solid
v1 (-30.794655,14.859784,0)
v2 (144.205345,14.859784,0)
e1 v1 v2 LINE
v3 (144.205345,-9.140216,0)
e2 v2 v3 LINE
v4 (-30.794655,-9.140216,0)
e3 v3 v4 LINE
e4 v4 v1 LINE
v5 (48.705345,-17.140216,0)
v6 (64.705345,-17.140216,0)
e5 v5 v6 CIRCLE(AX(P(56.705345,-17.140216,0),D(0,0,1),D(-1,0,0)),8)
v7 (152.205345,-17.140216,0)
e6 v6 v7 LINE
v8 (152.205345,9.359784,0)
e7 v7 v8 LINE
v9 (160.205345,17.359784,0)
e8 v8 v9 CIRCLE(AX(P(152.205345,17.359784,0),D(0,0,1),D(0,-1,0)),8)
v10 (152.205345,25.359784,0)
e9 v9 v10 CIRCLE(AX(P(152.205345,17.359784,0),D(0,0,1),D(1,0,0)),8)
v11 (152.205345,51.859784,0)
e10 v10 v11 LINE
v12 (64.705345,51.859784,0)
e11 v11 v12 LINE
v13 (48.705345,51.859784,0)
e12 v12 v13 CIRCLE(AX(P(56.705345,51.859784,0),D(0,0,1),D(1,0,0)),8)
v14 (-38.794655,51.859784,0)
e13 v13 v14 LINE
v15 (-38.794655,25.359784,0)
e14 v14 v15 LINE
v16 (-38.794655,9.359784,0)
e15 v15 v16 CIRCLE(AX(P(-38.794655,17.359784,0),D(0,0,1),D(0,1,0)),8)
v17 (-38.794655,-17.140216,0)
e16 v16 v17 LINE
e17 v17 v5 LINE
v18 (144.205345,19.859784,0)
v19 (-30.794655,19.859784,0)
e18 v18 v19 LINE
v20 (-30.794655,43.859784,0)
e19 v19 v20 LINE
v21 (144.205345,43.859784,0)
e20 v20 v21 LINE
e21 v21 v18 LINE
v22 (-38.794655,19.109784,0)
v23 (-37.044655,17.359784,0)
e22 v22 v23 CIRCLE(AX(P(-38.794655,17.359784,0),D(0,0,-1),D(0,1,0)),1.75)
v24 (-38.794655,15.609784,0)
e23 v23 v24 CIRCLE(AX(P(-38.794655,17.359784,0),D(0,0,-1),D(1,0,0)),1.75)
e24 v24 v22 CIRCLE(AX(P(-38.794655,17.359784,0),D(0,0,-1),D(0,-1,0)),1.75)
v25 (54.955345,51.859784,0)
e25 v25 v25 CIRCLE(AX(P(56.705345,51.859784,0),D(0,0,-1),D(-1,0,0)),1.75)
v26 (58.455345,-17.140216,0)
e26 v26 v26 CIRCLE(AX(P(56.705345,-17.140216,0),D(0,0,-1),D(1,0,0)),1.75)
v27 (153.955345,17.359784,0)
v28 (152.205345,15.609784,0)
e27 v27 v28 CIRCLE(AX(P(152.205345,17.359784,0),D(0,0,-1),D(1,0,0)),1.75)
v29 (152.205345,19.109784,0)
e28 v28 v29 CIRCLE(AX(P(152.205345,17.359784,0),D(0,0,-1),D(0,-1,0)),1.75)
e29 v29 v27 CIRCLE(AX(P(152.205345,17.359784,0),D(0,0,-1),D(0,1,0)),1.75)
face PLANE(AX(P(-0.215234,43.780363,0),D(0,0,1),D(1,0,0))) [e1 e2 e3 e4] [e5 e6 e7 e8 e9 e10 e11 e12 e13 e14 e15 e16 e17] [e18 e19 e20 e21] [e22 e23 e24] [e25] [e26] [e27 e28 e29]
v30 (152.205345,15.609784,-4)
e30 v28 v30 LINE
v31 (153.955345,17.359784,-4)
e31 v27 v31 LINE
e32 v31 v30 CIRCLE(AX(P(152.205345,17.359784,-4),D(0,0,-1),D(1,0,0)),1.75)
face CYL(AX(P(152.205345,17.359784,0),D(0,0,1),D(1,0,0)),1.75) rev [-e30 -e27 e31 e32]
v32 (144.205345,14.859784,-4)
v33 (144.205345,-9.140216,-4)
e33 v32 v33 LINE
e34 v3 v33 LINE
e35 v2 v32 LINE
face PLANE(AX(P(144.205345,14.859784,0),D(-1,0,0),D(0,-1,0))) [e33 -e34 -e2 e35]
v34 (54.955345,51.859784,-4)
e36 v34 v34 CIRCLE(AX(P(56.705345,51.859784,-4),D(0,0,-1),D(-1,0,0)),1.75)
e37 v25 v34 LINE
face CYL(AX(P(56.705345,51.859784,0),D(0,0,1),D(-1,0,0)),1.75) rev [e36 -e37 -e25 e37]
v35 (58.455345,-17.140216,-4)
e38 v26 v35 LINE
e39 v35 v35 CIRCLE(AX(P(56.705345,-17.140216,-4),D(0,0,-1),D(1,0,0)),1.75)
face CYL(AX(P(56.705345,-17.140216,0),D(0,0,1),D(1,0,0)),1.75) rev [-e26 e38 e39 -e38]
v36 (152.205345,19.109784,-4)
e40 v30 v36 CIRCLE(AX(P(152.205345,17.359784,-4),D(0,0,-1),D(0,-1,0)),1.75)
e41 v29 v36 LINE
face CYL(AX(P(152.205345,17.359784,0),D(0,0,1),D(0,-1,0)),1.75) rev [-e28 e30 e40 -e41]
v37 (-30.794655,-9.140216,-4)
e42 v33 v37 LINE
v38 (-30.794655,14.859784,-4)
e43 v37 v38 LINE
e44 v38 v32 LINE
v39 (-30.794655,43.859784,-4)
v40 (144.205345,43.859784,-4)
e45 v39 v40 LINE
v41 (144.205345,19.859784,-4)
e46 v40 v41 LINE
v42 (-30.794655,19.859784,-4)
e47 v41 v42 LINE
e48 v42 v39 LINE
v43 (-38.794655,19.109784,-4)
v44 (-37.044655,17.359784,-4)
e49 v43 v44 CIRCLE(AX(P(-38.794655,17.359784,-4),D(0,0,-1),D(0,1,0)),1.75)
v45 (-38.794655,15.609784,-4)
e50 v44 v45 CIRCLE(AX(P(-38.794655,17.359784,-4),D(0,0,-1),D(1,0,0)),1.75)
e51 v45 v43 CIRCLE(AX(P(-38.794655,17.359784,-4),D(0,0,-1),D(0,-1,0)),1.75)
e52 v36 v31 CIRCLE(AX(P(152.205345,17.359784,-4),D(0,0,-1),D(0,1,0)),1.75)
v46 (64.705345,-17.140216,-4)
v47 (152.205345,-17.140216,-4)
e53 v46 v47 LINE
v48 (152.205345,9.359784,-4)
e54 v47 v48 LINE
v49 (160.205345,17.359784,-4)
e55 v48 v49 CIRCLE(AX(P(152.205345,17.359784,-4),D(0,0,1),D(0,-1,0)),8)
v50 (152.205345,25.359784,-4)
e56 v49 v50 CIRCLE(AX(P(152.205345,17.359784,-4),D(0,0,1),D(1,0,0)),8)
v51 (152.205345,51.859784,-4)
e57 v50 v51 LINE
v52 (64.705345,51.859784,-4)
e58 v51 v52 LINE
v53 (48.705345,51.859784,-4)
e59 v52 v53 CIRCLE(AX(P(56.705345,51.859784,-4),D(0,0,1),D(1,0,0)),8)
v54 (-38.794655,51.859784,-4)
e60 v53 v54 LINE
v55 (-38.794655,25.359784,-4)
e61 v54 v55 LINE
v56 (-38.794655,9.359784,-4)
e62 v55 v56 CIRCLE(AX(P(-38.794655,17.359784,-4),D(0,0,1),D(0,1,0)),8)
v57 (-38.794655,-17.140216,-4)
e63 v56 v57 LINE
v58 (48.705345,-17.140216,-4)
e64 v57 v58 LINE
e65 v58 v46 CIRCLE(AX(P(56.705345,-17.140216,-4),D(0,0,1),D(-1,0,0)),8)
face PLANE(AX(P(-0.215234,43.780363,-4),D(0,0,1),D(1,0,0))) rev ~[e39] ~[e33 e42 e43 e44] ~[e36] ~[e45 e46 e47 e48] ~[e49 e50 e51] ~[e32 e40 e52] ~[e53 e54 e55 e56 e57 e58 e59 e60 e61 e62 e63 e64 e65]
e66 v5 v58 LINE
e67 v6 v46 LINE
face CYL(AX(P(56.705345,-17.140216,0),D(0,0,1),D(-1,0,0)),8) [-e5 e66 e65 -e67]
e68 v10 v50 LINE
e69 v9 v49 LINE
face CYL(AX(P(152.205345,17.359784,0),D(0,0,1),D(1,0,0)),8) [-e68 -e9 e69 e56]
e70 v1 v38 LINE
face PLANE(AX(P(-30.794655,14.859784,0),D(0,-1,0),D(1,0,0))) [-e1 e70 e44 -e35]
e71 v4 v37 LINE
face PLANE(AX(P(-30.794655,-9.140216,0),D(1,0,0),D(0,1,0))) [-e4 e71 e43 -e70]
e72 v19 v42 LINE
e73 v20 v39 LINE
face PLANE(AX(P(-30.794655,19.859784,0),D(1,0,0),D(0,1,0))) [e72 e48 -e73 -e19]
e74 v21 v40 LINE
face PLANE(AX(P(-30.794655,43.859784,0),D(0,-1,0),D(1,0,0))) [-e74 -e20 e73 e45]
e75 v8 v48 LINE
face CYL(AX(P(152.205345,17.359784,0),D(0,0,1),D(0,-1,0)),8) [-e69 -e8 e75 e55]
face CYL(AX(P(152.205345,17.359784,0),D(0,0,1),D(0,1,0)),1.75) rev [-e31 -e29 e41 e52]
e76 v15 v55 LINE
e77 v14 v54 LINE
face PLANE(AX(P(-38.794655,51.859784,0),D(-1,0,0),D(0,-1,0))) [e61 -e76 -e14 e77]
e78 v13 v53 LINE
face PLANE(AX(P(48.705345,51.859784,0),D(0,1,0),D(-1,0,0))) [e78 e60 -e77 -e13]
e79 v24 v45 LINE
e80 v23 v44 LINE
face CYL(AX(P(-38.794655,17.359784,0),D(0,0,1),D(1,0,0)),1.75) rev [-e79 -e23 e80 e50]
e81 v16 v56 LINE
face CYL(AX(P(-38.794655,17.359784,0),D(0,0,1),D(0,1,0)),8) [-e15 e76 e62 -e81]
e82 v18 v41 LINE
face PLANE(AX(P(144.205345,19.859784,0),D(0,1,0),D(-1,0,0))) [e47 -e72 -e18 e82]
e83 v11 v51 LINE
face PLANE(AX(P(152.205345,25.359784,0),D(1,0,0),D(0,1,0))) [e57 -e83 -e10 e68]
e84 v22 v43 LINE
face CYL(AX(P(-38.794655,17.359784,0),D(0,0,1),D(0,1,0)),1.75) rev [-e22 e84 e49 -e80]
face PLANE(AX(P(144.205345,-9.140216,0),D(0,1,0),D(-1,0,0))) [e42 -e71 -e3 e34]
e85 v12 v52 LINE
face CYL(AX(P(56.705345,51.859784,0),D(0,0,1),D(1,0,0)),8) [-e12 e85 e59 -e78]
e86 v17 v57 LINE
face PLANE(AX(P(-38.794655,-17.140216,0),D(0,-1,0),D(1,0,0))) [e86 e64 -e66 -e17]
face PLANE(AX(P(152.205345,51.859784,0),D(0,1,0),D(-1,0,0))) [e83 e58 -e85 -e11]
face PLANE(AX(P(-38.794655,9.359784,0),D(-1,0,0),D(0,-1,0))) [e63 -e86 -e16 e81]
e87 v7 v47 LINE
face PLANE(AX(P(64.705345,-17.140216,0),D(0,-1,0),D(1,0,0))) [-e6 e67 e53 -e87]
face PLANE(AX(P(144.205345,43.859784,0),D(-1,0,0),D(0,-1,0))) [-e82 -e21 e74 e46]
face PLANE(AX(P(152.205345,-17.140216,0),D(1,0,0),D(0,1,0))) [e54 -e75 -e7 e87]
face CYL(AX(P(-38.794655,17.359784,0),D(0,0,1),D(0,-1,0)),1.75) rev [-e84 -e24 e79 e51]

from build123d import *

# Parameters (mm, degrees)
F1_DEPTH = 4


with BuildPart() as f1:
    # F0 (on Top) → F1 (new body)
    with BuildSketch(Plane.XY):
        with BuildLine():
            Line((-30.794654727, 19.8597841859), (-30.794654727, 43.8597841859))
            Line((-30.794654727, 43.8597841859), (56.705345273, 43.8597841859))
            ThreePointArc((56.705345273, 43.8597841859), (51.0484910235, 46.2029299364), (48.705345273, 51.8597841859))
            Line((48.705345273, 51.8597841859), (-38.794654727, 51.8597841859))
            Line((-38.794654727, 51.8597841859), (-38.794654727, 25.3597841859))
            ThreePointArc((-38.794654727, 25.3597841859), (-33.1378004775, 23.0166384354), (-30.794654727, 17.3597841859))
            Line((-30.794654727, 17.3597841859), (-30.794654727, 19.8597841859))
        make_face()
        with BuildLine():
            ThreePointArc((64.705345273, 51.8597841859), (62.3621995225, 46.2029299364), (56.705345273, 43.8597841859))
            Line((56.705345273, 43.8597841859), (144.205345273, 43.8597841859))
            Line((144.205345273, 43.8597841859), (144.205345273, 19.8597841859))
            Line((144.205345273, 19.8597841859), (144.205345273, 17.3597841859))
            ThreePointArc((144.205345273, 17.3597841859), (146.5484910235, 23.0166384354), (152.205345273, 25.3597841859))
            Line((152.205345273, 25.3597841859), (152.205345273, 51.8597841859))
            Line((152.205345273, 51.8597841859), (64.705345273, 51.8597841859))
        make_face()
        with BuildLine():
            ThreePointArc((48.705345273, 51.8597841859), (51.0484910235, 46.2029299364), (56.705345273, 43.8597841859))
            ThreePointArc((56.705345273, 43.8597841859), (62.3621995225, 46.2029299364), (64.705345273, 51.8597841859))
            Line((64.705345273, 51.8597841859), (58.455345273, 51.8597841859))
            ThreePointArc((58.455345273, 51.8597841859), (56.705345273, 50.1097841859), (54.955345273, 51.8597841859))
            Line((54.955345273, 51.8597841859), (48.705345273, 51.8597841859))
        make_face()
        with BuildLine():
            ThreePointArc((64.705345273, 51.8597841859), (56.705345273, 59.8597841859), (48.705345273, 51.8597841859))
            Line((48.705345273, 51.8597841859), (54.955345273, 51.8597841859))
            ThreePointArc((54.955345273, 51.8597841859), (56.705345273, 53.6097841859), (58.455345273, 51.8597841859))
            Line((58.455345273, 51.8597841859), (64.705345273, 51.8597841859))
        make_face()
        with BuildLine():
            ThreePointArc((-38.794654727, 9.3597841859), (-33.1378004775, 11.7029299364), (-30.794654727, 17.3597841859))
            ThreePointArc((-30.794654727, 17.3597841859), (-33.1378004775, 23.0166384354), (-38.794654727, 25.3597841859))
            Line((-38.794654727, 25.3597841859), (-38.794654727, 19.1097841859))
            ThreePointArc((-38.794654727, 19.1097841859), (-37.5572178599, 18.597221053), (-37.044654727, 17.3597841859))
            ThreePointArc((-37.044654727, 17.3597841859), (-37.5572178599, 16.1223473188), (-38.794654727, 15.6097841859))
            Line((-38.794654727, 15.6097841859), (-38.794654727, 9.3597841859))
        make_face()
        with BuildLine():
            Line((-30.794654727, 14.8597841859), (-30.794654727, 17.3597841859))
            ThreePointArc((-30.794654727, 17.3597841859), (-33.1378004775, 11.7029299364), (-38.794654727, 9.3597841859))
            Line((-38.794654727, 9.3597841859), (-38.794654727, -17.1402158141))
            Line((-38.794654727, -17.1402158141), (48.705345273, -17.1402158141))
            ThreePointArc((48.705345273, -17.1402158141), (51.0484910372, -11.483361551), (56.7053453116, -9.1402158141))
            Line((56.7053453116, -9.1402158141), (-30.794654727, -9.1402158141))
            Line((-30.794654727, -9.1402158141), (-30.794654727, 14.8597841859))
        make_face()
        with BuildLine():
            Line((-38.794654727, 19.1097841859), (-38.794654727, 25.3597841859))
            ThreePointArc((-38.794654727, 25.3597841859), (-46.794654727, 17.3597841859), (-38.794654727, 9.3597841859))
            Line((-38.794654727, 9.3597841859), (-38.794654727, 15.6097841859))
            ThreePointArc((-38.794654727, 15.6097841859), (-40.544654727, 17.3597841859), (-38.794654727, 19.1097841859))
        make_face()
        with BuildLine():
            ThreePointArc((152.205345273, 9.3597841859), (146.5484910235, 11.7029299364), (144.205345273, 17.3597841859))
            Line((144.205345273, 17.3597841859), (144.205345273, 14.8597841859))
            Line((144.205345273, 14.8597841859), (144.205345273, -9.1402158141))
            Line((144.205345273, -9.1402158141), (56.7053453116, -9.1402158141))
            ThreePointArc((56.7053453116, -9.1402158141), (62.3621995362, -11.4833615783), (64.705345273, -17.1402158141))
            Line((64.705345273, -17.1402158141), (152.205345273, -17.1402158141))
            Line((152.205345273, -17.1402158141), (152.205345273, 9.3597841859))
        make_face()
        with BuildLine():
            ThreePointArc((152.205345273, 25.3597841859), (146.5484910235, 23.0166384354), (144.205345273, 17.3597841859))
            ThreePointArc((144.205345273, 17.3597841859), (146.5484910235, 11.7029299364), (152.205345273, 9.3597841859))
            Line((152.205345273, 9.3597841859), (152.205345273, 15.6097841859))
            ThreePointArc((152.205345273, 15.6097841859), (150.455345273, 17.3597841859), (152.205345273, 19.1097841859))
            Line((152.205345273, 19.1097841859), (152.205345273, 25.3597841859))
        make_face()
        with BuildLine():
            ThreePointArc((160.205345273, 17.3597841859), (157.8621995225, 23.0166384354), (152.205345273, 25.3597841859))
            Line((152.205345273, 25.3597841859), (152.205345273, 19.1097841859))
            ThreePointArc((152.205345273, 19.1097841859), (153.4427821401, 18.597221053), (153.955345273, 17.3597841859))
            ThreePointArc((153.955345273, 17.3597841859), (153.4427821401, 16.1223473188), (152.205345273, 15.6097841859))
            Line((152.205345273, 15.6097841859), (152.205345273, 9.3597841859))
            ThreePointArc((152.205345273, 9.3597841859), (157.8621995225, 11.7029299364), (160.205345273, 17.3597841859))
        make_face()
        with BuildLine():
            ThreePointArc((64.705345273, -17.1402158141), (62.3621995362, -11.4833615783), (56.7053453116, -9.1402158141))
            ThreePointArc((56.7053453116, -9.1402158141), (51.0484910372, -11.483361551), (48.705345273, -17.1402158141))
            Line((48.705345273, -17.1402158141), (54.955345273, -17.1402158141))
            ThreePointArc((54.955345273, -17.1402158141), (56.705345273, -15.3902158141), (58.455345273, -17.1402158141))
            Line((58.455345273, -17.1402158141), (64.705345273, -17.1402158141))
        make_face()
        with BuildLine():
            Line((54.955345273, -17.1402158141), (48.705345273, -17.1402158141))
            ThreePointArc((48.705345273, -17.1402158141), (56.705345273, -25.1402158141), (64.705345273, -17.1402158141))
            Line((64.705345273, -17.1402158141), (58.455345273, -17.1402158141))
            ThreePointArc((58.455345273, -17.1402158141), (56.705345273, -18.8902158141), (54.955345273, -17.1402158141))
        make_face()
        Polygon((144.205345273, 19.8597841859), (-30.794654727, 19.8597841859), (-30.794654727, 17.3597841859), (-30.794654727, 14.8597841859), (144.205345273, 14.8597841859), (144.205345273, 17.3597841859), align=None)
    extrude(amount=-F1_DEPTH)


solid = f1.part
